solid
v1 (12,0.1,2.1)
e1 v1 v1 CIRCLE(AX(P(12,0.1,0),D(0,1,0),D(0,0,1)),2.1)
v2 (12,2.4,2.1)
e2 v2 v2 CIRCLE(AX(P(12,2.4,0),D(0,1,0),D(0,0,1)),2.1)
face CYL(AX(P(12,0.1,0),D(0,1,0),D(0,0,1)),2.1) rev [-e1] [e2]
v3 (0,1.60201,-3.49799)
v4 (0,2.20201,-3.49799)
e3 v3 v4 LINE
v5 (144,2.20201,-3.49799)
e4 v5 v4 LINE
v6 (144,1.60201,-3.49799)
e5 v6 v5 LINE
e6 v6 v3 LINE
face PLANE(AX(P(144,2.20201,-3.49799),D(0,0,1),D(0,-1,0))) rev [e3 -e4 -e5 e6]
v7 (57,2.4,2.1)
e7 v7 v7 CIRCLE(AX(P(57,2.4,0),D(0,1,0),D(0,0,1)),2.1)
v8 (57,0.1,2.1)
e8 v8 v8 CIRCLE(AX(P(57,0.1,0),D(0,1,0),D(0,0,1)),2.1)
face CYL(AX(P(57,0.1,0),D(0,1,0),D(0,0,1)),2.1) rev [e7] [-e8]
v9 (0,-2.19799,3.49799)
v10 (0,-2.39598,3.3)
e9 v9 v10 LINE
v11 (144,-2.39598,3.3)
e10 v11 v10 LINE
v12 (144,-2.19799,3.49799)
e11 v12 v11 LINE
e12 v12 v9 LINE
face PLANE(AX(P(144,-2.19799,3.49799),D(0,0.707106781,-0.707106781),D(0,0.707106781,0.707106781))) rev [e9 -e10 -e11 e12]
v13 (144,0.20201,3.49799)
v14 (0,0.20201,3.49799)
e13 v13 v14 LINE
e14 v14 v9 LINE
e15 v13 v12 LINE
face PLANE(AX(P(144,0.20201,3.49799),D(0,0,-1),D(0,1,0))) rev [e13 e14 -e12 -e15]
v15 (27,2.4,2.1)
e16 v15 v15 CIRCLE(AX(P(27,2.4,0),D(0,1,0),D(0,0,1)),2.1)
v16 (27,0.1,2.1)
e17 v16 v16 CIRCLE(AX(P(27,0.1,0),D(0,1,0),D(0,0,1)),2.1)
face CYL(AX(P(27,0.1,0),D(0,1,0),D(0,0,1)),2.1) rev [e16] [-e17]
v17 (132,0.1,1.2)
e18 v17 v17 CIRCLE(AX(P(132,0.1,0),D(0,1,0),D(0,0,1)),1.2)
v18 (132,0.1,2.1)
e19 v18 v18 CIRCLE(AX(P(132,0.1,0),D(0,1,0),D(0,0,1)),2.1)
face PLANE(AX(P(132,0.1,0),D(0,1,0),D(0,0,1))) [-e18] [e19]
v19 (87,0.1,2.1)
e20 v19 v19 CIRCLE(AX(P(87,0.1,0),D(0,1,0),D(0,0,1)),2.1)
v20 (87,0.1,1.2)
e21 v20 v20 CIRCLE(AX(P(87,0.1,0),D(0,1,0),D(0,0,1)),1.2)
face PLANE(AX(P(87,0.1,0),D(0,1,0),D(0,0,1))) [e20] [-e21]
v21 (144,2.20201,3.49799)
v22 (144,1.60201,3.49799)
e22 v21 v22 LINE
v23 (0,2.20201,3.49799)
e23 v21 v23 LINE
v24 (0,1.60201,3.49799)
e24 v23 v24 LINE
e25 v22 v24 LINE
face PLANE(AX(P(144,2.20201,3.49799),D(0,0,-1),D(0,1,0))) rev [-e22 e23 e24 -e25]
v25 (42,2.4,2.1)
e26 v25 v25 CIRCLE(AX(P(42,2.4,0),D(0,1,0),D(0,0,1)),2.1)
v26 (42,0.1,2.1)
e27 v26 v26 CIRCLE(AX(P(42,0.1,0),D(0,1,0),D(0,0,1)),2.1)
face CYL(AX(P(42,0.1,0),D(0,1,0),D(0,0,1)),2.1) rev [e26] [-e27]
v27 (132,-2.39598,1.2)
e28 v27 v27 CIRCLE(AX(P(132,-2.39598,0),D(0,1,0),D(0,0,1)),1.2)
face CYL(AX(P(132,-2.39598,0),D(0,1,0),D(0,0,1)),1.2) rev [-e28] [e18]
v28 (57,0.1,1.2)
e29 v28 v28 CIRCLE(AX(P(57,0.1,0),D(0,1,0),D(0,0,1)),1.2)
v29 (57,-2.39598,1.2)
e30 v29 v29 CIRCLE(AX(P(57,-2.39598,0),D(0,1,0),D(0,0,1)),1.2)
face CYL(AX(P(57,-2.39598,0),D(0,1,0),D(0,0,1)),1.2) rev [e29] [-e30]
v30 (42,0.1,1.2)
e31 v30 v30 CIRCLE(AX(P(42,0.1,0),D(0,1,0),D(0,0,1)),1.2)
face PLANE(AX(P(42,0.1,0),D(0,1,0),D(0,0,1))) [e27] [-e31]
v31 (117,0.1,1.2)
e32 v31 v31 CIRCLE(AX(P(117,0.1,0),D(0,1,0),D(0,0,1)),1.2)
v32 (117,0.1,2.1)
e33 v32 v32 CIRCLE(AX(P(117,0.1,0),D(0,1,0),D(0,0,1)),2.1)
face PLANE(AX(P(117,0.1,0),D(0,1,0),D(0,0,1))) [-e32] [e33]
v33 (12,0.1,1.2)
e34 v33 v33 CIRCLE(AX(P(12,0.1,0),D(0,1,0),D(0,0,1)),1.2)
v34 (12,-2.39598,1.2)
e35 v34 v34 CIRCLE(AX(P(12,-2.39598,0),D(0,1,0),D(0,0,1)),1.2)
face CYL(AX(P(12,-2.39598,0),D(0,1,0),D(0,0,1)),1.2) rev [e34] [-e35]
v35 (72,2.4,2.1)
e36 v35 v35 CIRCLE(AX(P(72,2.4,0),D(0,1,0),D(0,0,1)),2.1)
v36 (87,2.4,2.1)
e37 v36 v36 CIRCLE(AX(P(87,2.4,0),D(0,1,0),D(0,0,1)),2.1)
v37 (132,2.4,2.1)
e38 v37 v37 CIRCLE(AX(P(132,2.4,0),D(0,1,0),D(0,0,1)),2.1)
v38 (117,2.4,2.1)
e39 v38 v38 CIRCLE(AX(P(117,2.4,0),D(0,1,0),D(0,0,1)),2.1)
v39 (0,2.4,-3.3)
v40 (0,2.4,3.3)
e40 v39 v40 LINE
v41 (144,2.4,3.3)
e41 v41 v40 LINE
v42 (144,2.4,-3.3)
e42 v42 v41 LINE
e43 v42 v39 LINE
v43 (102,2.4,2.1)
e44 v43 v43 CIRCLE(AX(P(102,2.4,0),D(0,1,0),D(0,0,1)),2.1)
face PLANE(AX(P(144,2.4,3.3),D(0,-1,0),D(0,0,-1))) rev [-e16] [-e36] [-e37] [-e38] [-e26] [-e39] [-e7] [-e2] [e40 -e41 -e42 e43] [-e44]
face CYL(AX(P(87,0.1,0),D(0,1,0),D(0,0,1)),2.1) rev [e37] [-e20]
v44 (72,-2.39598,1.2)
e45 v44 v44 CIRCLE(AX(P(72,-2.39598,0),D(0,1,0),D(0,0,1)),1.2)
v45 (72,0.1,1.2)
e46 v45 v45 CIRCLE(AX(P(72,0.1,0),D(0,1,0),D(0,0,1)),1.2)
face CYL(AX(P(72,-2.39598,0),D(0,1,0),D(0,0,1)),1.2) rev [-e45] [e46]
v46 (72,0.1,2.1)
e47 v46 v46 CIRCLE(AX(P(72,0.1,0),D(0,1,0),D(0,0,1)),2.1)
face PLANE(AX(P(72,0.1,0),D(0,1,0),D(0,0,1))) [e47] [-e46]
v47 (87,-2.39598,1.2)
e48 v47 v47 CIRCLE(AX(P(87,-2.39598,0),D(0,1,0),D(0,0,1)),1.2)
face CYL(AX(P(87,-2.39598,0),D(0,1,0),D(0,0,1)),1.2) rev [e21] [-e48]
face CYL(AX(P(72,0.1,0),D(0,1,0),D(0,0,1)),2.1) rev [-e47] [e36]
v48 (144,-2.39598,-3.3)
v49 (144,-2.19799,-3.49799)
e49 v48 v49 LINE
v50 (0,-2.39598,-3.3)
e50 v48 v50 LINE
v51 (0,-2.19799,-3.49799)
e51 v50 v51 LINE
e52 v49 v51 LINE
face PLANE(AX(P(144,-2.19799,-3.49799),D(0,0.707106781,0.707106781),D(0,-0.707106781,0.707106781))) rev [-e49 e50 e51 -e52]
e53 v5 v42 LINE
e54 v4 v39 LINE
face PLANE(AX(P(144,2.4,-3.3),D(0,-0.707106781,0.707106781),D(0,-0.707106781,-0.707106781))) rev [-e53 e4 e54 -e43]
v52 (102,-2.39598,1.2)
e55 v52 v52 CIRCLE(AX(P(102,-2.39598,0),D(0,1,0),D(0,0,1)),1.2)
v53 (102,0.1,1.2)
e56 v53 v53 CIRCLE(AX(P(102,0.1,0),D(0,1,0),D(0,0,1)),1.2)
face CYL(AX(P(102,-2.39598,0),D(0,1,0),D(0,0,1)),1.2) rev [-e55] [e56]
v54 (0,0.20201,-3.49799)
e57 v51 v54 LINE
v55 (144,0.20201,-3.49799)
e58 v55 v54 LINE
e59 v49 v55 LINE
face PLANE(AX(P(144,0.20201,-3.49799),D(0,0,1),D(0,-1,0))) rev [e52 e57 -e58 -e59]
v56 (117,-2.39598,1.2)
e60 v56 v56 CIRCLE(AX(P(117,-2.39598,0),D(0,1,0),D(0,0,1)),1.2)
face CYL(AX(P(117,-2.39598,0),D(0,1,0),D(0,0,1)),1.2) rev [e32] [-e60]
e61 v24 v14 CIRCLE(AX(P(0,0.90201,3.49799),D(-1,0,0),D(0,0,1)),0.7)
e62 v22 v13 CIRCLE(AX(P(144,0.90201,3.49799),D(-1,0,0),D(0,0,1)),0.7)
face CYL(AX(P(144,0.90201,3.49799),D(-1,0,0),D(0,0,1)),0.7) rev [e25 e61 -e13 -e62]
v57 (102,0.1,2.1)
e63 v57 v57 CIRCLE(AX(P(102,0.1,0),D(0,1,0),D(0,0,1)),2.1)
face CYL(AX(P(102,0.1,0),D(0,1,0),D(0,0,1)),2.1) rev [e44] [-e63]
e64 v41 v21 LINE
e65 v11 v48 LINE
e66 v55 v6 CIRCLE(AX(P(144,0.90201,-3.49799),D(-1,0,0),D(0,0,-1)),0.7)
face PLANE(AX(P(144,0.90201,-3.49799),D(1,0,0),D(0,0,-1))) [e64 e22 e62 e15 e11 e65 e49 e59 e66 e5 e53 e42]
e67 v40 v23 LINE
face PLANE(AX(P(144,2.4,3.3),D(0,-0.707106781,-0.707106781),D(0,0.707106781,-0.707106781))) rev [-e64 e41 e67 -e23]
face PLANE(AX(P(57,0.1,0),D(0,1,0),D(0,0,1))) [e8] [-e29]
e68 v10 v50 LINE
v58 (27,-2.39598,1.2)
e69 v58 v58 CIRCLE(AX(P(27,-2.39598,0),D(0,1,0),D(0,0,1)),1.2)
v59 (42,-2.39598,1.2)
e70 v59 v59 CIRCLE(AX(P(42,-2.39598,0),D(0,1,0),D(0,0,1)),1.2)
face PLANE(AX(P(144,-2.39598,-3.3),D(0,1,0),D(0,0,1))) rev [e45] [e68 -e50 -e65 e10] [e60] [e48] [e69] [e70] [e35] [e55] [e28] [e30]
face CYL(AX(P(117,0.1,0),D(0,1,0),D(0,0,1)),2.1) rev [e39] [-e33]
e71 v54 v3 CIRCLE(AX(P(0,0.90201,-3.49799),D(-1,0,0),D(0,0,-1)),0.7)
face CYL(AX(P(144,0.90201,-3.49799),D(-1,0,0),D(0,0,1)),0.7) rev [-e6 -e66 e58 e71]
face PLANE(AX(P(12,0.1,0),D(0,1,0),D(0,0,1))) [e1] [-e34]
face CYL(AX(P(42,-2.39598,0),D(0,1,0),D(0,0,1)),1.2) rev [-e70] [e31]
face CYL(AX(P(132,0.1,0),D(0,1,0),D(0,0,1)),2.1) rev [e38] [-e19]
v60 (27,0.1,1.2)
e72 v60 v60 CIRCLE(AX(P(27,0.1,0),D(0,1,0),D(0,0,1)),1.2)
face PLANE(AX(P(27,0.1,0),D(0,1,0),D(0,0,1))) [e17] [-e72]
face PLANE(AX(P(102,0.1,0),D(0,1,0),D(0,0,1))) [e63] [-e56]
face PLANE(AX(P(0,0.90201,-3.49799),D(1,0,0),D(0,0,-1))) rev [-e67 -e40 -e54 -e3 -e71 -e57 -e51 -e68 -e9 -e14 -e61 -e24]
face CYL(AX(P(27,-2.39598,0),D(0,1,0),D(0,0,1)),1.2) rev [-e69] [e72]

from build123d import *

# Parameters (mm, degrees)
EXTRUDE_1_DEPTH          = 144
SKETCH_2_R               = 2.1
CUT_EXTRUDE_1_DEPTH      = 2.3
SKETCH_3_R               = 1.2
CUT_EXTRUDE_2_DEPTH      = 1
CUT_EXTRUDE_2_DEPTH_BACK = 5.795979797


with BuildPart() as part:
    # 草图1 → 凸台-拉伸1 (new body)
    with BuildSketch(Plane(origin=(0, 0, 0), x_dir=(0, 0, -1), z_dir=(1, 0, 0))):
        with BuildLine():
            Line((3.497989899, 0.202010101), (3.497989899, -2.197989899))
            Line((3.497989899, -2.197989899), (3.3, -2.395979797))
            Line((3.3, -2.395979797), (-3.3, -2.395979797))
            Line((-3.3, -2.395979797), (-3.497989899, -2.197989899))
            Line((-3.497989899, -2.197989899), (-3.497989899, 0.202010101))
            ThreePointArc((-3.497989899, 0.202010101), (-2.797989899, 0.902010101), (-3.497989899, 1.602010101))
            Line((-3.497989899, 1.602010101), (-3.497989899, 2.202010101))
            Line((-3.497989899, 2.202010101), (-3.3, 2.4))
            Line((-3.3, 2.4), (3.3, 2.4))
            Line((3.3, 2.4), (3.497989899, 2.202010101))
            Line((3.497989899, 2.202010101), (3.497989899, 1.602010101))
            ThreePointArc((3.497989899, 1.602010101), (2.797989899, 0.902010101), (3.497989899, 0.202010101))
        make_face()
    extrude(amount=EXTRUDE_1_DEPTH)

    # 草图2 → 切除-拉伸1 (cut)
    with BuildSketch(Plane(origin=(0, 2.4, 0), x_dir=(1, 0, 0), z_dir=(0, 1, 0))):
        with Locations((12, 0)):
            Circle(SKETCH_2_R)
        with Locations((27, 0)):
            Circle(SKETCH_2_R)
        with Locations((42, 0)):
            Circle(SKETCH_2_R)
        with Locations((57, 0)):
            Circle(SKETCH_2_R)
        with Locations((72, 0)):
            Circle(SKETCH_2_R)
        with Locations((87, 0)):
            Circle(SKETCH_2_R)
        with Locations((102, 0)):
            Circle(SKETCH_2_R)
        with Locations((117, 0)):
            Circle(SKETCH_2_R)
        with Locations((132, 0)):
            Circle(SKETCH_2_R)
        with Locations((147, 0)):
            Circle(SKETCH_2_R)
        with Locations((162, 0)):
            Circle(SKETCH_2_R)
        with Locations((177, 0)):
            Circle(SKETCH_2_R)
        with Locations((192, 0)):
            Circle(SKETCH_2_R)
        with Locations((207, 0)):
            Circle(SKETCH_2_R)
        with Locations((222, 0)):
            Circle(SKETCH_2_R)
    extrude(amount=-CUT_EXTRUDE_1_DEPTH, mode=Mode.SUBTRACT)

    # 草图3 → 切除-拉伸2 (cut, two sides)
    with BuildSketch(Plane(origin=(0, 2.4, 0), x_dir=(1, 0, 0), z_dir=(0, 1, 0))) as cut_extrude_2_sk:
        with Locations((12, 0)):
            Circle(SKETCH_3_R)
        with Locations((27, 0)):
            Circle(SKETCH_3_R)
        with Locations((42, 0)):
            Circle(SKETCH_3_R)
        with Locations((57, 0)):
            Circle(SKETCH_3_R)
        with Locations((72, 0)):
            Circle(SKETCH_3_R)
        with Locations((87, 0)):
            Circle(SKETCH_3_R)
        with Locations((102, 0)):
            Circle(SKETCH_3_R)
        with Locations((117, 0)):
            Circle(SKETCH_3_R)
        with Locations((132, 0)):
            Circle(SKETCH_3_R)
        with Locations((147, 0)):
            Circle(SKETCH_3_R)
        with Locations((162, 0)):
            Circle(SKETCH_3_R)
        with Locations((177, 0)):
            Circle(SKETCH_3_R)
        with Locations((192, 0)):
            Circle(SKETCH_3_R)
        with Locations((207, 0)):
            Circle(SKETCH_3_R)
        with Locations((222, 0)):
            Circle(SKETCH_3_R)
    extrude(amount=CUT_EXTRUDE_2_DEPTH, mode=Mode.SUBTRACT)
    extrude(cut_extrude_2_sk.sketch, amount=-CUT_EXTRUDE_2_DEPTH_BACK, mode=Mode.SUBTRACT)


solid = part.part
